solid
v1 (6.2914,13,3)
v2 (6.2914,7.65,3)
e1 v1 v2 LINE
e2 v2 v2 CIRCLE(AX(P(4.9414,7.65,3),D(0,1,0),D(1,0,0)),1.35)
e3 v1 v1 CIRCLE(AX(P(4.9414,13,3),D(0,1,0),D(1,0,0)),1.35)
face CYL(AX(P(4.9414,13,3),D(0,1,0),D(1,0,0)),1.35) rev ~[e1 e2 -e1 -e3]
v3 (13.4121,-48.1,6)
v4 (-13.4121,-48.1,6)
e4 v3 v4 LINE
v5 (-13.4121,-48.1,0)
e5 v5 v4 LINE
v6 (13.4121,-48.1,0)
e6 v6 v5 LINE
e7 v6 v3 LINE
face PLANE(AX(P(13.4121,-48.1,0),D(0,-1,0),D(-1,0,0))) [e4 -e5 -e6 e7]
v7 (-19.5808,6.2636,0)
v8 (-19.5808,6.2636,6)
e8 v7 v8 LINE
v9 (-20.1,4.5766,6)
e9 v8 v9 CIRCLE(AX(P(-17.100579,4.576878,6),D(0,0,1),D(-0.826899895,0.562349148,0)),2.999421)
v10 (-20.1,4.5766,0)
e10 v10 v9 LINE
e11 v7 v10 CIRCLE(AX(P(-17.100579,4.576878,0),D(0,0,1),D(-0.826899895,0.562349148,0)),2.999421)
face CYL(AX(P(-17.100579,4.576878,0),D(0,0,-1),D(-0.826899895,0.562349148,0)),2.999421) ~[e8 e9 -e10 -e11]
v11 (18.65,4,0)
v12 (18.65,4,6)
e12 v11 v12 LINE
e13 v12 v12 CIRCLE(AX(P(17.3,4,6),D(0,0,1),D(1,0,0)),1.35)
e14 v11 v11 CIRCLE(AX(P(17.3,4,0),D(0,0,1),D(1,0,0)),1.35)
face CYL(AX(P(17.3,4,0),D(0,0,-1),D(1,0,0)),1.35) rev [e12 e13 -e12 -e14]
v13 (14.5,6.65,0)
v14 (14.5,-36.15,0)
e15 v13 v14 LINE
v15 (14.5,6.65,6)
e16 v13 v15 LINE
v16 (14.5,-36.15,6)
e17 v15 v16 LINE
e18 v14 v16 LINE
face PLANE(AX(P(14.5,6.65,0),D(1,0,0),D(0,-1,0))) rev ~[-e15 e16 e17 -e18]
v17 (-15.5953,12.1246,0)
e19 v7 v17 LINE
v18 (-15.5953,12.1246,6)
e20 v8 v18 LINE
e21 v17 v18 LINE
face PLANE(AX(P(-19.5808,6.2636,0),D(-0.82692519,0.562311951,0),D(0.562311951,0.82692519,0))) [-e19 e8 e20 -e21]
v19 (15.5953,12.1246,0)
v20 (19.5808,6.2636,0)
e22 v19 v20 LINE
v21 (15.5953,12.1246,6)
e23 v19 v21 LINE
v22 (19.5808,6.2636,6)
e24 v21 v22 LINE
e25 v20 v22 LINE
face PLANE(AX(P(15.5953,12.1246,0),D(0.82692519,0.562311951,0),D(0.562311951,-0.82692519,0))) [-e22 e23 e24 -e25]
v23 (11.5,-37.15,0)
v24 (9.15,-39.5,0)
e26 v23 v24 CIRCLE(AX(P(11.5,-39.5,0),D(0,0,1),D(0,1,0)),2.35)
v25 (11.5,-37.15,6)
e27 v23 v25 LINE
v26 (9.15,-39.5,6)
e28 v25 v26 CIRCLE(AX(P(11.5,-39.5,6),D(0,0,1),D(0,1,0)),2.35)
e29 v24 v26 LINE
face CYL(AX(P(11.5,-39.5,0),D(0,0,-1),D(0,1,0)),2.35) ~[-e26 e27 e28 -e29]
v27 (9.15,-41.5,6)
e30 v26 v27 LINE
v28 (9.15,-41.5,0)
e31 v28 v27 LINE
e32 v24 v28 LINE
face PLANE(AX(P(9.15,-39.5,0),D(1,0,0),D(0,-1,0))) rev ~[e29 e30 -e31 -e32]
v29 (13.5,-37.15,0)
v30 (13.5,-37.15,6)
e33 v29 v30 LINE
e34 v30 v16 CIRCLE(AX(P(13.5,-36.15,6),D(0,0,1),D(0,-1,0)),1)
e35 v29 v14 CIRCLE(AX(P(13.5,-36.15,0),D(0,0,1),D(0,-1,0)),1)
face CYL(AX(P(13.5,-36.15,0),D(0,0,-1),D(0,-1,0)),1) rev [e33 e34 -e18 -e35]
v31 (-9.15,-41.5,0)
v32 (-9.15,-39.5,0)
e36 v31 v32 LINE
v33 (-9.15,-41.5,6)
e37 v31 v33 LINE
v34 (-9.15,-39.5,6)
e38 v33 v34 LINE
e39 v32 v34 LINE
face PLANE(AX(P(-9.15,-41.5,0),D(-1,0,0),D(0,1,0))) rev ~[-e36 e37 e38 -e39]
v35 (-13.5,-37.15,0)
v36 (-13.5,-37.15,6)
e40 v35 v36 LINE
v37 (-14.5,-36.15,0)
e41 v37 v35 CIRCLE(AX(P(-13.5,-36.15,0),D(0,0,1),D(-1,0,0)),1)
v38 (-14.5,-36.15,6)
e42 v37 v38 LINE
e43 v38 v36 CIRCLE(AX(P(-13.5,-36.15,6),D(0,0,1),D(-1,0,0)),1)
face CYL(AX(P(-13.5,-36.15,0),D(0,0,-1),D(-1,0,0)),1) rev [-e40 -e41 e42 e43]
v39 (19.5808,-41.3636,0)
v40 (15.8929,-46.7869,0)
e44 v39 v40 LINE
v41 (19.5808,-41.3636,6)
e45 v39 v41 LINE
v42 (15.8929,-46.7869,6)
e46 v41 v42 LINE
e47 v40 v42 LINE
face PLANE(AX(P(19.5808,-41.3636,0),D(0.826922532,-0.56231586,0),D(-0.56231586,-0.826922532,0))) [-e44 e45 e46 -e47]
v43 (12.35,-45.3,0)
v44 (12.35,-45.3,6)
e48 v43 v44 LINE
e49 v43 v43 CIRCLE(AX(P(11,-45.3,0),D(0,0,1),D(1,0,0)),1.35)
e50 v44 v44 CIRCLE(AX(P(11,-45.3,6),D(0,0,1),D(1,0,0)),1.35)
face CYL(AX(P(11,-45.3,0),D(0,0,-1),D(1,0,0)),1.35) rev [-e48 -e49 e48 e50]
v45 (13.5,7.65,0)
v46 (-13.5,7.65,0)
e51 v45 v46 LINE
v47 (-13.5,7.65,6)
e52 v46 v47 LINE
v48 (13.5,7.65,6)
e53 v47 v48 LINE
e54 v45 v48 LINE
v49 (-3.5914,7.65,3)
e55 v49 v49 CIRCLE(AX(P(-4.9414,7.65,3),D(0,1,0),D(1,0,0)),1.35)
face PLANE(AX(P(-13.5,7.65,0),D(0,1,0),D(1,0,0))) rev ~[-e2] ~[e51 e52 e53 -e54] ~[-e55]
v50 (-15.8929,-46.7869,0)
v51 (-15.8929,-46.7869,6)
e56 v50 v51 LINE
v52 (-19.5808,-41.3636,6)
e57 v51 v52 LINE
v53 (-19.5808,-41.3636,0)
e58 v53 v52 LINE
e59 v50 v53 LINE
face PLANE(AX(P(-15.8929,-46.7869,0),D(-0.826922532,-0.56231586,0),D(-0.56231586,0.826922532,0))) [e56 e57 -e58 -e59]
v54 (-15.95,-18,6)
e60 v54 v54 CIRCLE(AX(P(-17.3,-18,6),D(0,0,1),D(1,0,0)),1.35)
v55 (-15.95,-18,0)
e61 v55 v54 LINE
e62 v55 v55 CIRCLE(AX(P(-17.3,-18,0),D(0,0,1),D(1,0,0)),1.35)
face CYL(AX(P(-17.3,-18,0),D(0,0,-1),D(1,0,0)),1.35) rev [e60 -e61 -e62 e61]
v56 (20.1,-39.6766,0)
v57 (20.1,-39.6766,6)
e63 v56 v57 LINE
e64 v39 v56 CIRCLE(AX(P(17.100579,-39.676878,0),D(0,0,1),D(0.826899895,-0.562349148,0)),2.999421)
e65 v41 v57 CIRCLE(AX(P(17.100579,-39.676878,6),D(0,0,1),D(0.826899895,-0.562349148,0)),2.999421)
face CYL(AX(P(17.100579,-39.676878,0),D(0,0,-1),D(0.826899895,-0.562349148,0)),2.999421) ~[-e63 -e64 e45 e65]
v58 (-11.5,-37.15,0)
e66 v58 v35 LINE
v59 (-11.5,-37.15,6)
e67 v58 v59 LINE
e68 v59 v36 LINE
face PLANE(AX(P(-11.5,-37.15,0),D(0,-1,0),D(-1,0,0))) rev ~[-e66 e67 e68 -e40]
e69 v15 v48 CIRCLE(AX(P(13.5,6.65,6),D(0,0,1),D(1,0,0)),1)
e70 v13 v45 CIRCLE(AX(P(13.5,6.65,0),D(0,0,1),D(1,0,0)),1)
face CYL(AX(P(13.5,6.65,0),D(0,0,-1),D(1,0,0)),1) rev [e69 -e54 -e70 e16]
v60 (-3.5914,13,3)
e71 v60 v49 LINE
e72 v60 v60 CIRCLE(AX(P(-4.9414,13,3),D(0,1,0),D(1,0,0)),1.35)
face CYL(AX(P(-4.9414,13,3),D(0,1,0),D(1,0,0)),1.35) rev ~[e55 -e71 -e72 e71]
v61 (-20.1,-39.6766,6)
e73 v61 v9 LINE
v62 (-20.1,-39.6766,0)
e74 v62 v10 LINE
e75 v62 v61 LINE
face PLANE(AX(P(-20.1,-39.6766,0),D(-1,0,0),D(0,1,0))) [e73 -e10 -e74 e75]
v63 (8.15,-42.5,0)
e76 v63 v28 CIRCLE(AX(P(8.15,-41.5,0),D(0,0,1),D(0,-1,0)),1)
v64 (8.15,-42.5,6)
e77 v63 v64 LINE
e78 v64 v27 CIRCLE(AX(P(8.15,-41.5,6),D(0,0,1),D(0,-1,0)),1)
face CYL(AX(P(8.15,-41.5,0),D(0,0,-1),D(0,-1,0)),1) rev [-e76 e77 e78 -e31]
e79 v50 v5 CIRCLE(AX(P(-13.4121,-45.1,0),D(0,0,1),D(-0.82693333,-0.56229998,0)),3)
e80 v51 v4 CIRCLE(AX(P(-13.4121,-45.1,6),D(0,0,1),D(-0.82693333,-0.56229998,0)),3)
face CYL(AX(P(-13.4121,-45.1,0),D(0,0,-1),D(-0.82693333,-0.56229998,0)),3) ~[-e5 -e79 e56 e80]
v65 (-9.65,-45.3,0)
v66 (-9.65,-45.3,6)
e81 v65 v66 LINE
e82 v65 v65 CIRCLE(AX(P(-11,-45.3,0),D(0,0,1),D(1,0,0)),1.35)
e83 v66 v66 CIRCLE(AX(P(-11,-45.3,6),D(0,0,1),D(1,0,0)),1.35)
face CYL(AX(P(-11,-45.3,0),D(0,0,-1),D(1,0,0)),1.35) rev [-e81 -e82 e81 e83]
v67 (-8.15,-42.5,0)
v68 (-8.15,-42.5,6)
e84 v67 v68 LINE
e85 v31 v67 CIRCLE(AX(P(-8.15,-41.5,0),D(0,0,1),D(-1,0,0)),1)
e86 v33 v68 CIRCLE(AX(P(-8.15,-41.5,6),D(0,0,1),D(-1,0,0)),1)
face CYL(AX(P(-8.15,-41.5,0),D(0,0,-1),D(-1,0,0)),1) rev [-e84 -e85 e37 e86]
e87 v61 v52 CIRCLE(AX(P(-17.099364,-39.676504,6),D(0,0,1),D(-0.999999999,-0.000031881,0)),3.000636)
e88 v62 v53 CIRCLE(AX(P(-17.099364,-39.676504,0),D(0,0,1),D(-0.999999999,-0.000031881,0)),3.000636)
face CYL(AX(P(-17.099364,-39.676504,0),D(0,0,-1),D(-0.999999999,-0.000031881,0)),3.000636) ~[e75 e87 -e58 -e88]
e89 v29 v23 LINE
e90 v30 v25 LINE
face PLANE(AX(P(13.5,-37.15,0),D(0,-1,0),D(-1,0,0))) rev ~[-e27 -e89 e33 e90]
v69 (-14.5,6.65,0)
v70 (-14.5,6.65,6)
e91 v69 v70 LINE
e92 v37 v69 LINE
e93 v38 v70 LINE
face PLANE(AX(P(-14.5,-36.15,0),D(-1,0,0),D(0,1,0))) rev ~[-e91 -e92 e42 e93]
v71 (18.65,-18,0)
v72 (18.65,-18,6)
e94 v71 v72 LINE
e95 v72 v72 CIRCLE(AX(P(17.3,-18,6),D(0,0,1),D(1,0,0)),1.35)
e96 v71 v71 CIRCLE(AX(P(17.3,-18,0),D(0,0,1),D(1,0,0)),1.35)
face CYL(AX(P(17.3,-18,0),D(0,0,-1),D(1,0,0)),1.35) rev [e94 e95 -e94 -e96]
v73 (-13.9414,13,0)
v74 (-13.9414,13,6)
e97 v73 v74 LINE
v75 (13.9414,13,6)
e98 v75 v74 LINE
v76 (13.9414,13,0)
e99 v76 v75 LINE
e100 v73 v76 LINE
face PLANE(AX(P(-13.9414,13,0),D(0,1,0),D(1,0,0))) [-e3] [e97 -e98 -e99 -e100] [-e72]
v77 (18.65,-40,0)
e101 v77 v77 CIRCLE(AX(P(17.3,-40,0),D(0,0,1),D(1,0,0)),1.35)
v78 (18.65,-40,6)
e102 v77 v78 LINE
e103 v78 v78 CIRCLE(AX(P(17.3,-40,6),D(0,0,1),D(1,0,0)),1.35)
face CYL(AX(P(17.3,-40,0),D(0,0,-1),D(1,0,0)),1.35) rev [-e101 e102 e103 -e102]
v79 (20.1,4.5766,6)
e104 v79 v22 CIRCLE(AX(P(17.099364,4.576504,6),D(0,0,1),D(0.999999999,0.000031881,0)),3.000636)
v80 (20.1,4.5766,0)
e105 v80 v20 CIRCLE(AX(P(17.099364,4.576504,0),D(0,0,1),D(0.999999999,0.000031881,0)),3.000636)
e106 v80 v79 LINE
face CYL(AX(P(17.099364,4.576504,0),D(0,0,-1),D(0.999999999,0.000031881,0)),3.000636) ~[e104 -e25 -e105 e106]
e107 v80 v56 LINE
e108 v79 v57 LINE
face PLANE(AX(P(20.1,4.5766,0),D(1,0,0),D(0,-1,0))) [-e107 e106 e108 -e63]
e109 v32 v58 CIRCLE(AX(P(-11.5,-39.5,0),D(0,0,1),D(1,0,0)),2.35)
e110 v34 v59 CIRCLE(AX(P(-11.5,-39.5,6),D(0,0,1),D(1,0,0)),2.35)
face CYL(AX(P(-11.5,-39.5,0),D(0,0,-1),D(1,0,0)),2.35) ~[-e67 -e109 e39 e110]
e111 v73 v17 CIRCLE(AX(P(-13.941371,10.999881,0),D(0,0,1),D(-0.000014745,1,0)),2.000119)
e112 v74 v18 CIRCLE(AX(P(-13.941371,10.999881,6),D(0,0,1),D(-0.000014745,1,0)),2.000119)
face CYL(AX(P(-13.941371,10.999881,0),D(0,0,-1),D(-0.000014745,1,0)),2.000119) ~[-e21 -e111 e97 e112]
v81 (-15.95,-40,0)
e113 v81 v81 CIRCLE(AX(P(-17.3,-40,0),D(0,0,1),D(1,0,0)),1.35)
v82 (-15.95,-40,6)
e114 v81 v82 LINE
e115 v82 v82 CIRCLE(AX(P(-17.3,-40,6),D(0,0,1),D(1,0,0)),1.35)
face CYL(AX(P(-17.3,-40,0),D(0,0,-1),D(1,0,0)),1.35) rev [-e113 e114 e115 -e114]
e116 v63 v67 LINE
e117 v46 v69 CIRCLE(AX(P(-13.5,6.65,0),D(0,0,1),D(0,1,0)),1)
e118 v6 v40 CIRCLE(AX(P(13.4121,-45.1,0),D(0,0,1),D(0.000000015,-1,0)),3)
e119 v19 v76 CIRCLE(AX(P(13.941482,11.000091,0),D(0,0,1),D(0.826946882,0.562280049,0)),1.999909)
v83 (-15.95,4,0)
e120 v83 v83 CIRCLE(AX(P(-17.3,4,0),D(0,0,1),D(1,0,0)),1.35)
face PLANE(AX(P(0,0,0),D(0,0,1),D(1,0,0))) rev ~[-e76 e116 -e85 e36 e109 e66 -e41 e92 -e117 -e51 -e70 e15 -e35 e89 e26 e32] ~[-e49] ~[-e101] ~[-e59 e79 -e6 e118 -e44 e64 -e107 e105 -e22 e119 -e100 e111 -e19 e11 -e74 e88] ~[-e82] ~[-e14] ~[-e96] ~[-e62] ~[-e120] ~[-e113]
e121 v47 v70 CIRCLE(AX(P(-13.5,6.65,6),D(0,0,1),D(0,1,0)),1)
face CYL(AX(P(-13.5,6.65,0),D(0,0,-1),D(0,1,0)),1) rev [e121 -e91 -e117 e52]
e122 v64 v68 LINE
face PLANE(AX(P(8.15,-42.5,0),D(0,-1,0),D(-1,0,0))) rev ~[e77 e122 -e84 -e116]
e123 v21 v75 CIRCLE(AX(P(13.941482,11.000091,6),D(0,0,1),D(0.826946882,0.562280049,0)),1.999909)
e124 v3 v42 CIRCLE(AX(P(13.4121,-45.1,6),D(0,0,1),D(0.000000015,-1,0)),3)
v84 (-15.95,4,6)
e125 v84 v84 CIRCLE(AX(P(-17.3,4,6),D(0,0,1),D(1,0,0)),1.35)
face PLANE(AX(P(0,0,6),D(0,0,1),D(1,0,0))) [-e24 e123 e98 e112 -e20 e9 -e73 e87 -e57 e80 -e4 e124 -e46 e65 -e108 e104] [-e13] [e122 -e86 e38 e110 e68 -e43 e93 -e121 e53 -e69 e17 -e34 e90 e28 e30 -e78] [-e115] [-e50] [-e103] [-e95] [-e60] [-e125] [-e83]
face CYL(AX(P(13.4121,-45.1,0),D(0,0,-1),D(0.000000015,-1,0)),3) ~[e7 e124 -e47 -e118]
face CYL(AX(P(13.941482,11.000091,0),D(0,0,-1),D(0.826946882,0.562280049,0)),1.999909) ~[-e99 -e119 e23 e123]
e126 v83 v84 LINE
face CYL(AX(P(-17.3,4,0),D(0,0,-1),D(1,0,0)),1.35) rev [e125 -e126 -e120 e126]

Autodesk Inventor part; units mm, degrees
ref_plane "YZ Plane" through (0, 0, 0) normal (1, 0, 0) x (0, 1, 0)
ref_plane "XZ Plane" through (0, 0, 0) normal (0, 1, 0) x (-1, 0, 0)
ref_plane "XY Plane" through (0, 0, 0) normal (0, 0, 1) x (1, 0, 0)
ref_plane "작업 평면1" through (0, 0, 0) normal (0, 0, 1) x (1, 0, 0)
sketch "스케치1" plane through (0, 0, 0) normal (0, 0, 1) x (1, 0, 0)
  arc A0 (-19.5808, 6.2636) -> (-20.1, 4.5766) centre (-17.1, 4.5766) ccw projected
  line L0 (-20.1, -39.6766) -> (-20.1, 4.5766) projected
  arc A1 (-20.1, -39.6766) -> (-19.5808, -41.3636) centre (-17.1, -39.6766) ccw projected
  line L1 (-15.8929, -46.7869) -> (-19.5808, -41.3636) projected
  arc A2 (-15.8929, -46.7869) -> (-13.4121, -48.1) centre (-13.4121, -45.1) ccw projected
  line L2 (13.4121, -48.1) -> (-13.4121, -48.1) projected
  arc A3 (13.4121, -48.1) -> (15.8929, -46.7869) centre (13.4121, -45.1) ccw projected
  line L3 (19.5808, -41.3636) -> (15.8929, -46.7869) projected
  arc A4 (19.5808, -41.3636) -> (20.1, -39.6766) centre (17.1, -39.6766) ccw projected
  line L4 (20.1, 4.5766) -> (20.1, -39.6766) projected
  arc A5 (20.1, 4.5766) -> (19.5808, 6.2636) centre (17.1, 4.5766) ccw projected
  line L5 (15.5953, 12.1246) -> (19.5808, 6.2636) projected
  arc A6 (15.5953, 12.1246) -> (13.9414, 13) centre (13.9414, 11) ccw projected
  line L6 (7.65, 13) -> (13.9414, 13) projected
  arc A7 (9.15, 11.5) -> (7.65, 13) centre (7.65, 11.5) ccw projected
  line L7 (9.15, 11.5) -> (9.15, 10) projected
  arc A8 (9.15, 10) -> (11.5, 7.65) centre (11.5, 10) ccw projected
  line L8 (11.5, 7.65) -> (13.5, 7.65) projected
  arc A9 (14.5, 6.65) -> (13.5, 7.65) centre (13.5, 6.65) ccw projected
  line L9 (14.5, 6.65) -> (14.5, -36.15) projected
  arc A10 (13.5, -37.15) -> (14.5, -36.15) centre (13.5, -36.15) ccw projected
  line L10 (13.5, -37.15) -> (11.5, -37.15) projected
  arc A11 (11.5, -37.15) -> (9.15, -39.5) centre (11.5, -39.5) ccw projected
  line L11 (9.15, -39.5) -> (9.15, -41.5) projected
  arc A12 (8.15, -42.5) -> (9.15, -41.5) centre (8.15, -41.5) ccw projected
  line L12 (8.15, -42.5) -> (-8.15, -42.5) projected
  arc A13 (-9.15, -41.5) -> (-8.15, -42.5) centre (-8.15, -41.5) ccw projected
  line L13 (-9.15, -41.5) -> (-9.15, -39.5) projected
  arc A14 (-9.15, -39.5) -> (-11.5, -37.15) centre (-11.5, -39.5) ccw projected
  line L14 (-11.5, -37.15) -> (-13.5, -37.15) projected
  arc A15 (-14.5, -36.15) -> (-13.5, -37.15) centre (-13.5, -36.15) ccw projected
  line L15 (-14.5, -36.15) -> (-14.5, 6.65) projected
  arc A16 (-13.5, 7.65) -> (-14.5, 6.65) centre (-13.5, 6.65) ccw projected
  line L16 (-13.5, 7.65) -> (-11.5, 7.65) projected
  arc A17 (-11.5, 7.65) -> (-9.15, 10) centre (-11.5, 10) ccw projected
  line L17 (-9.15, 10) -> (-9.15, 11.5) projected
  arc A18 (-7.65, 13) -> (-9.15, 11.5) centre (-7.65, 11.5) ccw projected
  line L18 (-13.9414, 13) -> (-7.65, 13) projected
  arc A19 (-13.9414, 13) -> (-15.5953, 12.1246) centre (-13.9414, 11) ccw projected
  line L19 (-19.5808, 6.2636) -> (-15.5953, 12.1246) projected
  circle A20 centre (17.3, 4) radius 1.35 projected
  circle A21 centre (17.3, -18) radius 1.35 projected
  circle A22 centre (11, -45.3) radius 1.35 projected
  circle A23 centre (-17.3, 4) radius 1.35 projected
  circle A24 centre (-17.3, -18) radius 1.35 projected
  circle A25 centre (-11, -45.3) radius 1.35 projected
  circle A26 centre (17.3, -40) radius 1.35 projected
  circle A27 centre (-17.3, -40) radius 1.35 projected
  line L20 (-11.5, 7.65) -> (11.5, 7.65)
  line L21 (11.5, 7.65) -> (11.5, 13)
  line L22 (11.5, 13) -> (-11.5, 13)
  line L23 (-11.5, 13) -> (-11.5, 7.65)
  point P0 (0, 0)
extrude "돌출1" add sketch "스케치1" along normal blind 6 contours L19 A19 L18 L23 L16 A16 L15 A15 L14 A14 L13 A13 L12 A12 L11 A11 L10 A10 L9 A9 L8 L21 L6 A6 L5 A5 L4 A4 L3 A3 L2 A2 L1 A1 L0 A0 | L18 A18 L17 A17 L23 | L22 A7 L7 A8 L20 A17 L17 A18 | L6 L21 A8 L7 A7
sketch "스케치2" plane through (-13.9414, 13, 0) normal (0, 1, 0) x (1, 0, 0)
  circle A0 centre (18.8828, -3) radius 1.35 projected
  circle A1 centre (9, -3) radius 1.35 projected
  point P0 (13.9414, 0)
extrude "돌출2" cut sketch "스케치2" against normal blind 6
properties part number "_inner" material "PMMA 플라스틱"
